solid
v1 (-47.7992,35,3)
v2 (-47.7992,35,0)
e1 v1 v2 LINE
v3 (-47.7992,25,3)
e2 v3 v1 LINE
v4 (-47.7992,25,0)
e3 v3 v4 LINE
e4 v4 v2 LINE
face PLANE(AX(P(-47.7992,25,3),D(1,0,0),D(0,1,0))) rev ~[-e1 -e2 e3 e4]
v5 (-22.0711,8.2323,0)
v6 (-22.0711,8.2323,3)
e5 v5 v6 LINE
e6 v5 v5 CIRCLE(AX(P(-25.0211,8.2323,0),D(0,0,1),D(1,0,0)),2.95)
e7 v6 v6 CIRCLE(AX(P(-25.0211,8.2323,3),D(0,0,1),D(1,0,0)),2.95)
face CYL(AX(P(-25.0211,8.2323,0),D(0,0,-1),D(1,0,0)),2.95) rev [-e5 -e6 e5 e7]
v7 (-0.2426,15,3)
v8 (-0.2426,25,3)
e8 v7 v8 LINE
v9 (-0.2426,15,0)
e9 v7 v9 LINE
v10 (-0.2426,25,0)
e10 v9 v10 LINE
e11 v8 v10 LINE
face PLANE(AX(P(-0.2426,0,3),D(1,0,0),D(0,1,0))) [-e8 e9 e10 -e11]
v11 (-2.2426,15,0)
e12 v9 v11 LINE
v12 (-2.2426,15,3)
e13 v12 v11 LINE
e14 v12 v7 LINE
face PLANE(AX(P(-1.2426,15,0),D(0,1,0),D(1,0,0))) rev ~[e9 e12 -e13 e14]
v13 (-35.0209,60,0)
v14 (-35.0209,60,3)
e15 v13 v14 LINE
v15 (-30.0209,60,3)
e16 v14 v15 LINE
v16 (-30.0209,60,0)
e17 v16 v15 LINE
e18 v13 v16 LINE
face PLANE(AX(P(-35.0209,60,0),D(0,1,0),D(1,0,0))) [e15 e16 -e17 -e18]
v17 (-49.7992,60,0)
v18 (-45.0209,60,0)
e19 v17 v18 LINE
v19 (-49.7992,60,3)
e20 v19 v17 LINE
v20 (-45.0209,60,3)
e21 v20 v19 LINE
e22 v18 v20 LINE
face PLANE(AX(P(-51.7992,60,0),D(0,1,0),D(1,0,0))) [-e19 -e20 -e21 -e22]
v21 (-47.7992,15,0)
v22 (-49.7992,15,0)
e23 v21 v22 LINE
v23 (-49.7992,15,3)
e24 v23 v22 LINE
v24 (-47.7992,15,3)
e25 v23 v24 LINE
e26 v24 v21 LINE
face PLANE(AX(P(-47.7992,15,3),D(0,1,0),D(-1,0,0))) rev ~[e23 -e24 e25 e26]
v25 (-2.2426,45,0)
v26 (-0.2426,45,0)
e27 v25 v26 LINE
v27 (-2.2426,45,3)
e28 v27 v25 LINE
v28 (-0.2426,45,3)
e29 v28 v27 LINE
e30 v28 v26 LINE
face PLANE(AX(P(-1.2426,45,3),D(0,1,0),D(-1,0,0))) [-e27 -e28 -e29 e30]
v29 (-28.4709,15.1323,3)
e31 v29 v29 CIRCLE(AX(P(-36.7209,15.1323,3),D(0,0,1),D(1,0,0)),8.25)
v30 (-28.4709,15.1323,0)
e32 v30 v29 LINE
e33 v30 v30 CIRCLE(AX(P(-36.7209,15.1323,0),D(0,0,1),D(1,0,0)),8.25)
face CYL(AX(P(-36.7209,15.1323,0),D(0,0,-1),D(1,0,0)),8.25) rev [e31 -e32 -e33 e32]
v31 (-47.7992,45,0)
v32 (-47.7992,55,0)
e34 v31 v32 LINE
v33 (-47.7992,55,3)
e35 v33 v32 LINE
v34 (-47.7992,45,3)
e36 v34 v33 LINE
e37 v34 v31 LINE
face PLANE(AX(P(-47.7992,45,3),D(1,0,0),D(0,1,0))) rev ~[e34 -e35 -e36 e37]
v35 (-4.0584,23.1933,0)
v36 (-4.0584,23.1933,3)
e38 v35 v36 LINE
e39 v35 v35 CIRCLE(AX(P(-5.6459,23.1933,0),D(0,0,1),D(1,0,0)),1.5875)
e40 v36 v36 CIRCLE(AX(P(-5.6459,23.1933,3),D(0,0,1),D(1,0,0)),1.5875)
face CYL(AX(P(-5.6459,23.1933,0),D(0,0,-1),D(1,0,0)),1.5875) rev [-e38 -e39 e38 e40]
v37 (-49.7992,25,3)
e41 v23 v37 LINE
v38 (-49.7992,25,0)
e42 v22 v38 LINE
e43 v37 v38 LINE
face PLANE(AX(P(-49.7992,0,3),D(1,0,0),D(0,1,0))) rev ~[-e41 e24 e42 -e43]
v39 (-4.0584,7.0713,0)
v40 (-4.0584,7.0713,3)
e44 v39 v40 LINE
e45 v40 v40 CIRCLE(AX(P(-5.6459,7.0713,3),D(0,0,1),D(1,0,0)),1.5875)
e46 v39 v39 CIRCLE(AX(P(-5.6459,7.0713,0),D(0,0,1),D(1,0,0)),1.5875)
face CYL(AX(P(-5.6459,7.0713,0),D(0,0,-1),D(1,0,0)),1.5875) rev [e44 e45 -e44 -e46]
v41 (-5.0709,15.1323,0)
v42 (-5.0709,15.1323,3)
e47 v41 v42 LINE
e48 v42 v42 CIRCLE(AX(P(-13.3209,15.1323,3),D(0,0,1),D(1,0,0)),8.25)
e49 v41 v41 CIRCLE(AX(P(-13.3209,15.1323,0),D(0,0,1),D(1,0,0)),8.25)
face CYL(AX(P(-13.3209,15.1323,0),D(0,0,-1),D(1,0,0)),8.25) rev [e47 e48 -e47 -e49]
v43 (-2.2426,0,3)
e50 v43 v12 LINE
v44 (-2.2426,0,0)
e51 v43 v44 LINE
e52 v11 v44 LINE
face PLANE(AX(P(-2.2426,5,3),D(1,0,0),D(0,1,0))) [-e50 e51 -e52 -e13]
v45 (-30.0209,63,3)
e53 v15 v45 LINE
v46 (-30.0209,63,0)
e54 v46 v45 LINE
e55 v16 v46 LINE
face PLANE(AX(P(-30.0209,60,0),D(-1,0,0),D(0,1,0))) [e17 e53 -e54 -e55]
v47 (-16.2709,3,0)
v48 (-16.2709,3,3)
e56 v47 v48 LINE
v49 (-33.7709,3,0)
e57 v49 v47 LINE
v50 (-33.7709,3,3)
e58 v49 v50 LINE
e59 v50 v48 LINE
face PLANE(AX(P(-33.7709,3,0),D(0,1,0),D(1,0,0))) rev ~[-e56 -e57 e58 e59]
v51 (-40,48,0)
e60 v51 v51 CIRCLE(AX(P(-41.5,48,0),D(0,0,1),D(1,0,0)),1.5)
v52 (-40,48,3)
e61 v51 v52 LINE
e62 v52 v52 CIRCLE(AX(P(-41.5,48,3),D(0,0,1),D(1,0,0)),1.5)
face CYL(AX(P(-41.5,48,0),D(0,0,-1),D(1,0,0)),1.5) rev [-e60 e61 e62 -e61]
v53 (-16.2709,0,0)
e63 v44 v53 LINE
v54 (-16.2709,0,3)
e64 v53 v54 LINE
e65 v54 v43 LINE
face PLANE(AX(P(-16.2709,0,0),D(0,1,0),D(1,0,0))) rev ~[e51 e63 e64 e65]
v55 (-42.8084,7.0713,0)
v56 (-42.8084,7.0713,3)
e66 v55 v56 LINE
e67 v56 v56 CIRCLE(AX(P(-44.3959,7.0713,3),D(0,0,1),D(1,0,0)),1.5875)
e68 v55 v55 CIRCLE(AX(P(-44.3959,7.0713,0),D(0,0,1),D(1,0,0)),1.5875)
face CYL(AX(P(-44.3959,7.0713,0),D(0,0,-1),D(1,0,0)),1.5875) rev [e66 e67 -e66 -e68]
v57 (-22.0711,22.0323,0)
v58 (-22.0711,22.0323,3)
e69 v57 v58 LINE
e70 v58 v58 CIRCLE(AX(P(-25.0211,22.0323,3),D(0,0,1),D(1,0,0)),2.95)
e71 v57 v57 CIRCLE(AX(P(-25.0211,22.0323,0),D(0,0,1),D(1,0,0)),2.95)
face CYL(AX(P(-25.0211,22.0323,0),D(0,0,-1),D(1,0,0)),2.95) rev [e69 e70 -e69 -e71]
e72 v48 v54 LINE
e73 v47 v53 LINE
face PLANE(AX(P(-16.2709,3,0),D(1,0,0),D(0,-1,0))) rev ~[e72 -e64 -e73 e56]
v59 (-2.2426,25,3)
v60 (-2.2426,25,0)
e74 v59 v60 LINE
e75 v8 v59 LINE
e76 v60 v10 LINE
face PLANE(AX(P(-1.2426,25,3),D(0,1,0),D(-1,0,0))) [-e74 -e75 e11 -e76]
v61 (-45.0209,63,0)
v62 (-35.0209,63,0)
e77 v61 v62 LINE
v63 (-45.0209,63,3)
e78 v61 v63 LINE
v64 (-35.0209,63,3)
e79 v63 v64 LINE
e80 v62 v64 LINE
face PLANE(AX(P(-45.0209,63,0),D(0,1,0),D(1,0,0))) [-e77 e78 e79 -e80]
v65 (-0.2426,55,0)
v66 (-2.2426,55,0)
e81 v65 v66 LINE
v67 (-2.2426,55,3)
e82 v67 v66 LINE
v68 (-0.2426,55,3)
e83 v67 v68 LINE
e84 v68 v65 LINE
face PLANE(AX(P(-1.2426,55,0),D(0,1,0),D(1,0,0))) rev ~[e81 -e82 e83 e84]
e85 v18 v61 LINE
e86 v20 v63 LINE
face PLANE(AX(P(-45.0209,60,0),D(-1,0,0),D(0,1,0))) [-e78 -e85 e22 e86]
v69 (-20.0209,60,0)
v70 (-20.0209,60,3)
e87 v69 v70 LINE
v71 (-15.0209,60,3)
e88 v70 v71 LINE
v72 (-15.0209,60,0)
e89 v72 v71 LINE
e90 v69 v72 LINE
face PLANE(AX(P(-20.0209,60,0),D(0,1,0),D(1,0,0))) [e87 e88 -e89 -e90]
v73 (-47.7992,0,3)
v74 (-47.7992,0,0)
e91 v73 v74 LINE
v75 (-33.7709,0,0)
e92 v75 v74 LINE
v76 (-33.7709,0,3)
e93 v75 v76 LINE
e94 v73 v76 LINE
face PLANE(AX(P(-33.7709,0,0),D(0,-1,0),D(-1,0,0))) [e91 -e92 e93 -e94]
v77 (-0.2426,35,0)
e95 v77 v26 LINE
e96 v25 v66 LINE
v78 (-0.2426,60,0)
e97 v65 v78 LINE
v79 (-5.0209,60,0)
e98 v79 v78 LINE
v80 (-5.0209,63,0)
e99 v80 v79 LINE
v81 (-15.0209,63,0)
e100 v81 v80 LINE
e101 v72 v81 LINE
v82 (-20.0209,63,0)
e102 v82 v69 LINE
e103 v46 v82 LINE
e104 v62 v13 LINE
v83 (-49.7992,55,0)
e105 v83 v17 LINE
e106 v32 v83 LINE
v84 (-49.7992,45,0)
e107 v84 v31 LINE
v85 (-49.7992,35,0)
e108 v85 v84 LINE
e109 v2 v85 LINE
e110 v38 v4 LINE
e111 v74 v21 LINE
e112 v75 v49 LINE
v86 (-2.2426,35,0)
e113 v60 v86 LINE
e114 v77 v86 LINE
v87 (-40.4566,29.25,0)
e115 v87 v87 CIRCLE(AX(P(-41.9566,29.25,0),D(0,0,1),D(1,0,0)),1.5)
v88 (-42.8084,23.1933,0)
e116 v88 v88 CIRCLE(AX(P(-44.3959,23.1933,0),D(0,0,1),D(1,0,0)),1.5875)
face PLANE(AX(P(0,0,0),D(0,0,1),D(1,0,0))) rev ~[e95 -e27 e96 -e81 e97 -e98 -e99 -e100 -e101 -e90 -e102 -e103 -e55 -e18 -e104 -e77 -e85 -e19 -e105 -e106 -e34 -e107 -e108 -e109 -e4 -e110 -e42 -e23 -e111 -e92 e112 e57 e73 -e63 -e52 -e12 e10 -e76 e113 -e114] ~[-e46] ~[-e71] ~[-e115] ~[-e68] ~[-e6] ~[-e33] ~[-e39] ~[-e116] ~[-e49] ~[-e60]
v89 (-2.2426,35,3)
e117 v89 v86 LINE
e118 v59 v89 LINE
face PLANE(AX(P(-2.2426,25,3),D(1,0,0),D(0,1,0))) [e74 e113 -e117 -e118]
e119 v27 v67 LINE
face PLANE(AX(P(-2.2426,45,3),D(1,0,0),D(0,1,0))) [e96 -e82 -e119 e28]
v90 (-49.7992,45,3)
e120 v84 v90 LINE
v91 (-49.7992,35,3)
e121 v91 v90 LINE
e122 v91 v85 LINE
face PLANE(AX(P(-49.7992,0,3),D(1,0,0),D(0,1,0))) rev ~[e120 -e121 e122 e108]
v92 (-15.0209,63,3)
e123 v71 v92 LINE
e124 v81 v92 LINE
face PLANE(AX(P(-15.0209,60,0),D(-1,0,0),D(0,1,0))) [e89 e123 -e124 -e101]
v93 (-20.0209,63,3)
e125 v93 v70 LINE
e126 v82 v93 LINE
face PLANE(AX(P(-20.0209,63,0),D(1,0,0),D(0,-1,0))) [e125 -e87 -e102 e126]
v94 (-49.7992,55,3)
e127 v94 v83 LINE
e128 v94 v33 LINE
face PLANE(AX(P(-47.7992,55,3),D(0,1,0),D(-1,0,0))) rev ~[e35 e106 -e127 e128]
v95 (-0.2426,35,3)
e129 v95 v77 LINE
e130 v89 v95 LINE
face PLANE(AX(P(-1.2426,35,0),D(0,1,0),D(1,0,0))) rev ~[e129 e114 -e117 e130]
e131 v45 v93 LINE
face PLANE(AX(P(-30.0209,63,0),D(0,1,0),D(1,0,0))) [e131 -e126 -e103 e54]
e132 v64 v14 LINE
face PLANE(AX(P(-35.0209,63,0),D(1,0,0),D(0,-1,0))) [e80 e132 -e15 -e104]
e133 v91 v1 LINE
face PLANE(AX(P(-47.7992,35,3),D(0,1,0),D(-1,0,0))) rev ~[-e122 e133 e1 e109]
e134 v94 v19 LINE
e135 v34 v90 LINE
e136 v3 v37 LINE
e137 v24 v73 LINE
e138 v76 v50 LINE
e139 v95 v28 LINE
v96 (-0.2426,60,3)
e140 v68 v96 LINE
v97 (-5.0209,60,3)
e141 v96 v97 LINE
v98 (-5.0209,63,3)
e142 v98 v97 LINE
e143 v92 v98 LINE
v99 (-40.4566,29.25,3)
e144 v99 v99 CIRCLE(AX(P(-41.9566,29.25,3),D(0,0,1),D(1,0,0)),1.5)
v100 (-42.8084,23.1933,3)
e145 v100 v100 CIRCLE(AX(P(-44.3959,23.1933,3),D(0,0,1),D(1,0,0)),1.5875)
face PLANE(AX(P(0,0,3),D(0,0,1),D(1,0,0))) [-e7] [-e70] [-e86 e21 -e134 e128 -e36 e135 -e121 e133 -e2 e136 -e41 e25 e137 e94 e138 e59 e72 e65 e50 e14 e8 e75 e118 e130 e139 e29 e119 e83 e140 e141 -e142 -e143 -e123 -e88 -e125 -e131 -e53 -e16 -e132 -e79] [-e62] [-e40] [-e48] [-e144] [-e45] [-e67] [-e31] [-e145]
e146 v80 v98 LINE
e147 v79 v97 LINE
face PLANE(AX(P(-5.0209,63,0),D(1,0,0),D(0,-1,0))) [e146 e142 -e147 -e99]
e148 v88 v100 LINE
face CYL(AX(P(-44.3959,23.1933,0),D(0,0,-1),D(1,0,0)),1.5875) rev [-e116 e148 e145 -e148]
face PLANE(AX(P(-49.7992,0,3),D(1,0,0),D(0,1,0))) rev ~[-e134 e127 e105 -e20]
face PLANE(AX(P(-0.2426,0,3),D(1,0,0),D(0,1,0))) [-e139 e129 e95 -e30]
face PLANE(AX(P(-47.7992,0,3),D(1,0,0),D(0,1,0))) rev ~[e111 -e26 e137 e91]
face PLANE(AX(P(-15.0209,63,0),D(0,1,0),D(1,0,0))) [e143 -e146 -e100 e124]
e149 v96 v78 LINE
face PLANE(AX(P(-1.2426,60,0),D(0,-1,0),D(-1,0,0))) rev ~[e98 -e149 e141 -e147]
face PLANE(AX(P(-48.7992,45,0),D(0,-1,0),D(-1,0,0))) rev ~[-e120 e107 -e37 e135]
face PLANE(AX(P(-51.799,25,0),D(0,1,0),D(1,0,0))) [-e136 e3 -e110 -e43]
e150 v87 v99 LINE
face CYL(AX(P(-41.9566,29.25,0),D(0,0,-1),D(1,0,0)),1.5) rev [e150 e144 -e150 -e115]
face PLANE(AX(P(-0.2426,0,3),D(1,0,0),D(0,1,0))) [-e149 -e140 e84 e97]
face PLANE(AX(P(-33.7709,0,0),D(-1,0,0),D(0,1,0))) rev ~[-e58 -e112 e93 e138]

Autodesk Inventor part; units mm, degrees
ref_plane "YZ Plane" through (0, 0, 0) normal (1, 0, 0) x (0, 1, 0)
ref_plane "XZ Plane" through (0, 0, 0) normal (0, 1, 0) x (-1, 0, 0)
ref_plane "XY Plane" through (0, 0, 0) normal (0, 0, 1) x (1, 0, 0)
sketch "Sketch1" plane through (0, 0, 0) normal (0, 0, 1) x (1, 0, 0)
  line L0 (-16.2709, 3) -> (-16.2709, 0)
  line L1 (-33.7709, 3) -> (-16.2709, 3)
  line L2 (-33.7709, 0) -> (-33.7709, 3)
  line L3 (-33.7709, 0) -> (-48.7992, 0)
  line L4 (-30.0209, 63) -> (-20.0209, 63)
  line L5 (-20.0209, 63) -> (-20.0209, 60)
  line L6 (-30.0209, 60) -> (-30.0209, 63)
  line L7 (-30.0209, 63) -> (-20.0209, 60) construction
  line L8 (-20.0209, 63) -> (-30.0209, 60) construction
  line L9 (-25.4776, 30) -> (-35.4566, 30) construction
  line L10 (-25.0209, 30) -> (-25.0209, 38) construction
  line L11 (-45.0209, 63) -> (-35.0209, 63)
  line L12 (-35.0209, 63) -> (-35.0209, 60)
  line L13 (-45.0209, 60) -> (-45.0209, 63)
  line L14 (-45.0209, 63) -> (-35.0209, 60) construction
  line L15 (-35.0209, 63) -> (-45.0209, 60) construction
  line L16 (-15.0209, 63) -> (-5.0209, 63)
  line L17 (-5.0209, 63) -> (-5.0209, 60)
  line L18 (-15.0209, 60) -> (-15.0209, 63)
  line L19 (-15.0209, 63) -> (-5.0209, 60) construction
  line L20 (-5.0209, 63) -> (-15.0209, 60) construction
  line L21 (-30.0209, 63) -> (-20.0209, 63)
  line L22 (-20.0209, 63) -> (-20.0209, 60)
  line L23 (-30.0209, 60) -> (-30.0209, 63)
  line L24 (-30.0209, 63) -> (-20.0209, 60) construction
  line L25 (-20.0209, 63) -> (-30.0209, 60) construction
  line L26 (-48.7992, 60) -> (-45.0209, 60)
  line L27 (-35.0209, 60) -> (-30.0209, 60)
  line L28 (-20.0209, 60) -> (-15.0209, 60)
  line L29 (-48.7992, 15) -> (-51.799, 15)
  line L30 (-51.799, 15) -> (-51.799, 25)
  line L31 (-51.799, 25) -> (-48.7992, 25)
  line L32 (-48.7992, 35) -> (-51.799, 35)
  line L33 (-51.799, 35) -> (-51.799, 45)
  line L34 (-48.7992, 45) -> (-51.799, 45)
  line L35 (-48.7992, 55) -> (-51.7992, 55)
  line L36 (-48.7992, 55) -> (-45.7992, 55) construction
  line L37 (-51.7992, 55) -> (-51.7992, 60)
  line L38 (-51.7992, 60) -> (-48.7992, 60)
  line L39 (-48.7992, 55) -> (-48.7992, 45)
  line L40 (-48.7992, 35) -> (-48.7992, 25)
  line L41 (-48.7992, 15) -> (-48.7992, 5)
  line L42 (-48.7992, 5) -> (-51.7992, 5)
  line L43 (-51.7992, 5) -> (-51.7992, 0)
  line L44 (-51.7992, 0) -> (-48.7992, 0)
  line L45 (-16.2709, 0) -> (-1.2426, 0)
  line L46 (-1.2426, 60) -> (-5.0209, 60)
  line L47 (-1.2426, 15) -> (1.7572, 15)
  line L48 (1.7572, 15) -> (1.7572, 25)
  line L49 (1.7572, 25) -> (-1.2426, 25)
  line L50 (-1.2426, 35) -> (1.7572, 35)
  line L51 (1.7572, 35) -> (1.7572, 45)
  line L52 (-1.2426, 45) -> (1.7572, 45)
  line L53 (-1.2426, 55) -> (1.7574, 55)
  line L54 (1.7574, 55) -> (1.7574, 60)
  line L55 (1.7574, 60) -> (-1.2426, 60)
  line L56 (-1.2426, 55) -> (-1.2426, 45)
  line L57 (-1.2426, 35) -> (-1.2426, 25)
  line L58 (-1.2426, 15) -> (-1.2426, 5)
  line L59 (-1.2426, 5) -> (1.7574, 5)
  line L60 (1.7574, 5) -> (1.7574, 0)
  line L61 (1.7574, 0) -> (-1.2426, 0)
  circle A0 centre (-44.3959, 23.1933) radius 1.5875
  circle A1 centre (-44.3959, 7.0713) radius 1.5875
  circle A2 centre (-36.7209, 15.1323) radius 8.25
  circle A3 centre (-25.0211, 22.0323) radius 2.95
  circle A4 centre (-25.0211, 8.2323) radius 2.95
  circle A5 centre (-13.3209, 15.1323) radius 8.25
  circle A6 centre (-5.6459, 7.0713) radius 1.5875
  circle A7 centre (-5.6459, 23.1933) radius 1.5875
  circle A8 centre (-41.9566, 29.25) radius 1.5
  circle A9 centre (-41.5, 48) radius 1.5
  line L62 (-5.6459, 7.0713) -> (-44.3959, 23.1933) construction
  line L63 (-44.3959, 23.1933) -> (-5.6459, 23.1933) construction
  line L64 (-5.6459, 23.1933) -> (-44.3959, 7.0713) construction
  point P0 (0, 0)
  point P1 (-25.0209, 61.5)
  point P2 (-40.0209, 61.5)
  point P3 (-10.0209, 61.5)
  point P4 (-25.0209, 61.5)
  point P5 (-48.7992, 30)
  point P6 (-1.2426, 30)
  point P7 (-25.4776, 15.3162)
  point P8 (-25.4776, 15.3162)
  point P9 (-25.4776, 15.3162)
  point P10 (-25.4776, 15.3162)
  point P11 (-25.0209, 3)
  point P12 (-25.0209, 15.1323)
  dimension "d0" = 10
  dimension "d1" = 3
  dimension "d4" = 15
  dimension "d7" = 15
  dimension "d13" = 3
  dimension "d14" = 180
  dimension "d15" = 3
  dimension "d17" = 7.675
  dimension "d18" = 7.675
  dimension "d23" = 2.9998
  dimension "d30" = 11.7002
  dimension "d31" = 11.6998
  dimension "d32" = 7.675
  dimension "d33" = 7.675
  dimension "d34" = 11.6998
  dimension "d35" = 11.7002
  dimension "d45" = 8.061
  dimension "d46" = 8.061
extrude "Extrusion2" add sketch "Sketch1" along normal blind 3
sketch "Sketch2" plane through (0, 0, 3) normal (0, 0, 1) x (1, 0, 0)
  line L0 (-1.2426, 5) -> (-1.2426, 15) projected
  line L1 (-1.2426, 25) -> (-1.2426, 35) projected
  line L2 (-1.2426, 45) -> (-1.2426, 55) projected
  line L3 (-48.7992, 55) -> (-48.7992, 45) projected
  line L4 (-48.7992, 35) -> (-48.7992, 25) projected
  line L5 (-48.7992, 15) -> (-48.7992, 5) projected
  line L6 (-1.2426, 5) -> (-2.2426, 5)
  line L7 (-2.2426, 5) -> (-2.2426, 15)
  line L8 (-2.2426, 15) -> (-1.2426, 15)
  line L9 (-1.2426, 25) -> (-2.2426, 25)
  line L10 (-2.2426, 25) -> (-2.2426, 35)
  line L11 (-2.2426, 35) -> (-1.2426, 35)
  line L12 (-1.2426, 45) -> (-2.2426, 45)
  line L13 (-2.2426, 45) -> (-2.2426, 55)
  line L14 (-2.2426, 55) -> (-1.2426, 55)
  line L15 (-48.7992, 5) -> (-47.7992, 5)
  line L16 (-47.7992, 5) -> (-47.7992, 15)
  line L17 (-47.7992, 15) -> (-48.7992, 15)
  line L18 (-48.7992, 25) -> (-47.7992, 25)
  line L19 (-47.7992, 25) -> (-47.7992, 35)
  line L20 (-47.7992, 35) -> (-48.7992, 35)
  line L21 (-48.7992, 45) -> (-47.7992, 45)
  line L22 (-48.7992, 45) -> (-51.799, 45) projected
  line L23 (-47.7992, 45) -> (-47.7992, 55)
  line L24 (-47.7992, 55) -> (-48.7992, 55)
  point P0 (0, 0)
  dimension "d24" = 1
  dimension "d25" = 1
  dimension "d28" = 1
  dimension "d29" = 1
extrude "Extrusion3" cut sketch "Sketch2" against normal through all
sketch "Sketch3" plane through (0, 0, 3) normal (0, 0, 1) x (1, 0, 0)
  line L0 (1.7574, 60) -> (-5.0209, 60) projected
  line L1 (1.7574, 0) -> (-0.2426, 0)
  line L2 (-0.2426, 0) -> (-0.2426, 60)
  line L3 (-0.2426, 60) -> (1.7574, 60)
  line L4 (1.7574, 60) -> (1.7574, 0)
  line L5 (-45.0209, 60) -> (-51.7992, 60) projected
  line L6 (-51.7992, 0) -> (-49.7992, 0)
  line L7 (-49.7992, 0) -> (-49.7992, 60)
  line L8 (-49.7992, 60) -> (-51.7992, 60)
  line L9 (-51.7992, 60) -> (-51.7992, 0)
  point P0 (0, 0)
  dimension "d47" = 2
  dimension "d48" = 2
extrude "Extrusion4" cut sketch "Sketch3" against normal through all
sketch "Sketch4" plane through (0, 0, 3) normal (0, 0, 1) x (1, 0, 0)
  line L0 (-2.2426, 5) -> (-0.2426, 5)
  line L1 (-0.2426, 5) -> (-0.2426, 0)
  line L2 (-0.2426, 0) -> (-2.2426, 0)
  line L3 (-2.2426, 0) -> (-2.2426, 5)
  line L4 (-47.7992, 5) -> (-49.7992, 5)
  line L5 (-49.7992, 5) -> (-49.7992, 0)
  line L6 (-49.7992, 0) -> (-47.7992, 0)
  line L7 (-47.7992, 0) -> (-47.7992, 5)
  point P0 (0, 0)
extrude "Extrusion5" cut sketch "Sketch4" against normal through all
equation "\"d46\" = d45"
equation "\"d25\" = d24"
equation "\"d28\" = d24"
equation "\"d29\" = d24"
equation "\"d48\" = d47"
properties part number "srf diag kanan"
